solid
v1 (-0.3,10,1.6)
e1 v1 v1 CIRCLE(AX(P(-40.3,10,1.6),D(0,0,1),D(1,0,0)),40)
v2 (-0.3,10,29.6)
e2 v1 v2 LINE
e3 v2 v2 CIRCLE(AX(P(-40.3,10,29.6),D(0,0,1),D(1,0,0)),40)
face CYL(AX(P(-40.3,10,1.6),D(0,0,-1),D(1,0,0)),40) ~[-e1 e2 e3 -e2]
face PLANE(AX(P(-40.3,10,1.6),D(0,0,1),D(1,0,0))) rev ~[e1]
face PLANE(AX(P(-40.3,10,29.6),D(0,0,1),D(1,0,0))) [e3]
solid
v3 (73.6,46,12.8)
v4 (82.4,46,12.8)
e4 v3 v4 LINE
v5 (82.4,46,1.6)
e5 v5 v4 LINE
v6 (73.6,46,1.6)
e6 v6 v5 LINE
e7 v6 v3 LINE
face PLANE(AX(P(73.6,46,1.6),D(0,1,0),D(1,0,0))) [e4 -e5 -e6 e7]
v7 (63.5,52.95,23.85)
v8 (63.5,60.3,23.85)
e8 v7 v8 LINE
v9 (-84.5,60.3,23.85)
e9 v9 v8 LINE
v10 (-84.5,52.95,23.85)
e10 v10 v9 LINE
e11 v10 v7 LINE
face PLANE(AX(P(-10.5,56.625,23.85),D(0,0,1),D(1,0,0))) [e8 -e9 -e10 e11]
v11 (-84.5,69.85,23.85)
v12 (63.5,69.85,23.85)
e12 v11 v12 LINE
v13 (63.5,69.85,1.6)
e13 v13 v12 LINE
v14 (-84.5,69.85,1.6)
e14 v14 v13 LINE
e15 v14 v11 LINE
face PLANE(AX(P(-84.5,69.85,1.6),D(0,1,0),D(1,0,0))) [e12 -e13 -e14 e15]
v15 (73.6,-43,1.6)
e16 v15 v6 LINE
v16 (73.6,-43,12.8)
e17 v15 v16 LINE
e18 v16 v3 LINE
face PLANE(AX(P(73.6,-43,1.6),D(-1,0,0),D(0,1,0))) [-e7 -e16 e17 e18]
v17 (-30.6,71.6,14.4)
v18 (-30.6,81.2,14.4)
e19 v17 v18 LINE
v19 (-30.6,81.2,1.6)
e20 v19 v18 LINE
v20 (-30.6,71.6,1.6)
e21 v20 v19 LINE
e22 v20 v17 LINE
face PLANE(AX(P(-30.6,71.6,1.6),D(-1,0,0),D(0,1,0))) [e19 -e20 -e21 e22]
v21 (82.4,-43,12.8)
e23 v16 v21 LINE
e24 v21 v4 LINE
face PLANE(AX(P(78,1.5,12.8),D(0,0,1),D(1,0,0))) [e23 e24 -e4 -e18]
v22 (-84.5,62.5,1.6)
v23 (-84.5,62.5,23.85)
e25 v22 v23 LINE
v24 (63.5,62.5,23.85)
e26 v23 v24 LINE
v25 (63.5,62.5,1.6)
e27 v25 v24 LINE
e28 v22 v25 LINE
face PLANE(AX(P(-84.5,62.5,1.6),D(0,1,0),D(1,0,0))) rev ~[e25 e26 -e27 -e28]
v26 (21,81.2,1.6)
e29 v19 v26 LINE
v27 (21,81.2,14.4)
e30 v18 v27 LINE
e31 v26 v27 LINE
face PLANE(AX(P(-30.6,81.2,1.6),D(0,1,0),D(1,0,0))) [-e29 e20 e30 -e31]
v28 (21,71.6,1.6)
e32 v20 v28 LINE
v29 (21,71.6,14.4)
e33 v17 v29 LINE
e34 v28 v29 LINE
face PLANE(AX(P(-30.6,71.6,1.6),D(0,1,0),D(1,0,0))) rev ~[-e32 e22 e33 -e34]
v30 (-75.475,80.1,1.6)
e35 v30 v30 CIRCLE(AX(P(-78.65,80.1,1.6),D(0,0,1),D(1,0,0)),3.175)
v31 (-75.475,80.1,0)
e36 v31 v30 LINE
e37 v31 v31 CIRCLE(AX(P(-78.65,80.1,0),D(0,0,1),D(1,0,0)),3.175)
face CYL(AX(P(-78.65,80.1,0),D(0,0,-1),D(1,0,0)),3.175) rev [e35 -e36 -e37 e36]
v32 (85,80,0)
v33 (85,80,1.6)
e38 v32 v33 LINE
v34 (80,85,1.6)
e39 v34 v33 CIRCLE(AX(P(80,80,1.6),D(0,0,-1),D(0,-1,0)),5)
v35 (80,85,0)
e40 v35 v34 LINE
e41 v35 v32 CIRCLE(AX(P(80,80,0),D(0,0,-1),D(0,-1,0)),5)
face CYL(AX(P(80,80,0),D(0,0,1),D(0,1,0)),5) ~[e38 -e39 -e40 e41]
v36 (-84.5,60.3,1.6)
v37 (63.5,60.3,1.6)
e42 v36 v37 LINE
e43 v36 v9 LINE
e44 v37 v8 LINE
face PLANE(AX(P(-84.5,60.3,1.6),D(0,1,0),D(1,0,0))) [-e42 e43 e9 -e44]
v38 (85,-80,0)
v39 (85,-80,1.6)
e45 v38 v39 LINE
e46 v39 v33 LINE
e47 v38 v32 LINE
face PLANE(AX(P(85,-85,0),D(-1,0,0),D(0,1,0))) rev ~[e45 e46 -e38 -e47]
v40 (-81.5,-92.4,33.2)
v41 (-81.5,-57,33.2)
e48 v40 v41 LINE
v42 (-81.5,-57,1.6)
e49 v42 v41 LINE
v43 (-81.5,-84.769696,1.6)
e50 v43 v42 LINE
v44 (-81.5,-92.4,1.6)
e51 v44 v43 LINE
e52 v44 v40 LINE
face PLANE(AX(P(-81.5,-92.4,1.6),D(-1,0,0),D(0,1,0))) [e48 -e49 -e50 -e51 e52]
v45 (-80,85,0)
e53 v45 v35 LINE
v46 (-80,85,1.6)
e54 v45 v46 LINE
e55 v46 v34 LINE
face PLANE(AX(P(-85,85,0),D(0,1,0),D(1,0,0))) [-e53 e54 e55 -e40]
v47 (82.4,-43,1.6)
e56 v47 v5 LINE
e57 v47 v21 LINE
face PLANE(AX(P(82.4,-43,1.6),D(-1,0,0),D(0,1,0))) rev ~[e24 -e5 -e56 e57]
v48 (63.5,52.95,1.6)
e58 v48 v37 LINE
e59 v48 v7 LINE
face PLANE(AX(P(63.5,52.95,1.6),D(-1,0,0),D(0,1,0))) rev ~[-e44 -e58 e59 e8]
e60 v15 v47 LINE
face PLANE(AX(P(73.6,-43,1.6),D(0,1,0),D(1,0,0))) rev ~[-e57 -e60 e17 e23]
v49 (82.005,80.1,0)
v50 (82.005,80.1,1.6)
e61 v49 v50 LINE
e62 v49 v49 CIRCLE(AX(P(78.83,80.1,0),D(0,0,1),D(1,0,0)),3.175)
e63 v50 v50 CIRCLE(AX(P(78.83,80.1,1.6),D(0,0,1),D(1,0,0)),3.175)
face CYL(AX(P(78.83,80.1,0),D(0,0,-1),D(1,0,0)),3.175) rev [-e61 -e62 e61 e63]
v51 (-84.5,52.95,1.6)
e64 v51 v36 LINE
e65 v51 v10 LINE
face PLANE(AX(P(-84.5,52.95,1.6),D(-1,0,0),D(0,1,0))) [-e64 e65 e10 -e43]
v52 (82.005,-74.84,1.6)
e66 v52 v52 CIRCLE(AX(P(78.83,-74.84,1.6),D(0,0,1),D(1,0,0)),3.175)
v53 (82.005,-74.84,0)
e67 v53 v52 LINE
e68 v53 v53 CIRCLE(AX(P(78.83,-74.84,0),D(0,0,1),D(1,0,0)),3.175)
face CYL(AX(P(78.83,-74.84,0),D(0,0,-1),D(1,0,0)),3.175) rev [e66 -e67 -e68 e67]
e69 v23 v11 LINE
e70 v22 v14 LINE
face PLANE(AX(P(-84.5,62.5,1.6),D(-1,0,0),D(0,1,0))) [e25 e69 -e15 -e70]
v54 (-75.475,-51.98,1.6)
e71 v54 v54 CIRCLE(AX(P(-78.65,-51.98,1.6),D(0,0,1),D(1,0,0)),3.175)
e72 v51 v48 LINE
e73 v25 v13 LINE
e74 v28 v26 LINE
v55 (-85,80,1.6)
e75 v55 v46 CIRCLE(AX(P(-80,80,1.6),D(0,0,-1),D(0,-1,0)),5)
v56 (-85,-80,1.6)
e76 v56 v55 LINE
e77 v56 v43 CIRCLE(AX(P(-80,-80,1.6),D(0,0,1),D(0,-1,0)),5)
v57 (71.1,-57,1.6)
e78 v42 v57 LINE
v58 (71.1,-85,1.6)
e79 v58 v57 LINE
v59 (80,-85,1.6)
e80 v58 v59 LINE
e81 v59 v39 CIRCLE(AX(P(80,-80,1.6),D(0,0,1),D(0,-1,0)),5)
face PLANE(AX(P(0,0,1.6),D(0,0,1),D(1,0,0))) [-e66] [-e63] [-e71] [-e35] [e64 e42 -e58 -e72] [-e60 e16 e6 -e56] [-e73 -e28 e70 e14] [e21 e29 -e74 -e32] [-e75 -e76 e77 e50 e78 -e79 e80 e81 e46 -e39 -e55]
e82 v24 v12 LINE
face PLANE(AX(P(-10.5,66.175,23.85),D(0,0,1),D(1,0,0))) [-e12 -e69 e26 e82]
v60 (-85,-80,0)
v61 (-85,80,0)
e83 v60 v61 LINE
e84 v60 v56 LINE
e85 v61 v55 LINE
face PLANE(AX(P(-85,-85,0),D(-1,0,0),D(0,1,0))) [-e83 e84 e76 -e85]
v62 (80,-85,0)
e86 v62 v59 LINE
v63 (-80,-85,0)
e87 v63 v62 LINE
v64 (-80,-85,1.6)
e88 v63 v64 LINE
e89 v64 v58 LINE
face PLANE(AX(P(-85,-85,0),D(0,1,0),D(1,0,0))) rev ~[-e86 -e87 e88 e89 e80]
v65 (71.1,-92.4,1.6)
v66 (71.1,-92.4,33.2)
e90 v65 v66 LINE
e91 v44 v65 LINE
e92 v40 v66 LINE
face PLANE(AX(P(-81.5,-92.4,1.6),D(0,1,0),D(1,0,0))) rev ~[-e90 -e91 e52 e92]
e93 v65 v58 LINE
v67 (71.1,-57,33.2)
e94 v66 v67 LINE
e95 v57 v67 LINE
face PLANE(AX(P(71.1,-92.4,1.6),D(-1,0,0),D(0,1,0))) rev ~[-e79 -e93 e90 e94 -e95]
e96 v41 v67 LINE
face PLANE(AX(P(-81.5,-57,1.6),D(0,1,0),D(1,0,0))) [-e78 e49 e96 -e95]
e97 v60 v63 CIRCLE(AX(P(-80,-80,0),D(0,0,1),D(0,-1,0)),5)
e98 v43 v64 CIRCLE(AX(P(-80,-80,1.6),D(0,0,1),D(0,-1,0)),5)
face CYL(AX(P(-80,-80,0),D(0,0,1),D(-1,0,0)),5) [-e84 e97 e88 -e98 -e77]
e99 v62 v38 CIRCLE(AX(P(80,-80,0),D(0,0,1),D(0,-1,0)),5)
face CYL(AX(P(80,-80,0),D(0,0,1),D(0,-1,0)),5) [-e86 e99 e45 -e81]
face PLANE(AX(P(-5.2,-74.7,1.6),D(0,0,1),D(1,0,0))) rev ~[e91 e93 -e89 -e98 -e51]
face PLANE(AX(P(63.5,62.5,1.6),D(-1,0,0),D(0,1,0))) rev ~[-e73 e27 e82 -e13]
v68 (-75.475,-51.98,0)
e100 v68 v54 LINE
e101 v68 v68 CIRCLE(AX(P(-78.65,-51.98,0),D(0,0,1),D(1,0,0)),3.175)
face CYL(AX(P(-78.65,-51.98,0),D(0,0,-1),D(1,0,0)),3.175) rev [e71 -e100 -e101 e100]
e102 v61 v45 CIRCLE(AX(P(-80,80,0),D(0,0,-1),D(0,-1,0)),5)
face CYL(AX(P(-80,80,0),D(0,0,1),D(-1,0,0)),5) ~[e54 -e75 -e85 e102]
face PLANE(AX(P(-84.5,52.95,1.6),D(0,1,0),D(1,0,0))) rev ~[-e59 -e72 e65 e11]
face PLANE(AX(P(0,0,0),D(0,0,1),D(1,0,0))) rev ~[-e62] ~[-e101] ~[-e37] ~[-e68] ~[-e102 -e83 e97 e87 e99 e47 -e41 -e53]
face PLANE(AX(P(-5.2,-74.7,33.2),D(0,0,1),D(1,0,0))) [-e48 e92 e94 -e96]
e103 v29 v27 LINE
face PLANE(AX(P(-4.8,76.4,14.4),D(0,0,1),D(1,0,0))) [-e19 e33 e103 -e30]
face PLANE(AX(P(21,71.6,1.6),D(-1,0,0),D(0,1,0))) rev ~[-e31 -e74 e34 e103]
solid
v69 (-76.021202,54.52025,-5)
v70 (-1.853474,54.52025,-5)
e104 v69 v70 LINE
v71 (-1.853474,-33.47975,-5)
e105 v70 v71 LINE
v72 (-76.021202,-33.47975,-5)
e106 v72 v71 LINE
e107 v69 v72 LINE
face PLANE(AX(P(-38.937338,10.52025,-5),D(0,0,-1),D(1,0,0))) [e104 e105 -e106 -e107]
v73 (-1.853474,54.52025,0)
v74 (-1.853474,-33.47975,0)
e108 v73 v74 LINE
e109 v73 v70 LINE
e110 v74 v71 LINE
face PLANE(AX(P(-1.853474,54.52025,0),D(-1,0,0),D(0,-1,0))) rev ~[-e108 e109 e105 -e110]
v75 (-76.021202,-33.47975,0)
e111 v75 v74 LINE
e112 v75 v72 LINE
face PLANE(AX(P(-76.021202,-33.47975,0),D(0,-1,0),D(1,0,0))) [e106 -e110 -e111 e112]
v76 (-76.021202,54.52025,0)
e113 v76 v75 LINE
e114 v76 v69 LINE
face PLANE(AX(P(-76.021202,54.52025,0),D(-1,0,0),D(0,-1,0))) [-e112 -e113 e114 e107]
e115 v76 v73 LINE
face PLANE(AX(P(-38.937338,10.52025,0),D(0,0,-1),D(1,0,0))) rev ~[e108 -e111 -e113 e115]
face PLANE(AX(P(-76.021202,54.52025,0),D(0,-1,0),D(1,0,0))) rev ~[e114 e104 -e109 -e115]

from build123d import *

# Parameters (mm, degrees)
F10_W     = 170
F10_H     = 170
F10_R     = 3.175
F11_DEPTH = 1.6
F0_R      = 5
F12_R     = 40
F13_DEPTH = 28
F1_W      = 148
F1_H      = 7.35
F2_DEPTH  = 22.25
F14_W     = 152.6
F14_H     = 35.4
F3_DEPTH  = 31.6
F4_W      = 74.167728
F4_H      = 88
F5_DEPTH  = 5
F6_W      = 8.8
F6_H      = 89
F7_DEPTH  = 11.2
F8_W      = 51.6
F8_H      = 9.6
F9_DEPTH  = 12.8


with BuildPart() as f11:
    # F10 (on Top) → F11 (new body)
    with BuildSketch(Plane.XY):
        Rectangle(F10_W, F10_H)
        with Locations((-78.65, -51.98)):
            Circle(F10_R, mode=Mode.SUBTRACT)
        with Locations((78.83, -74.84)):
            Circle(F10_R, mode=Mode.SUBTRACT)
        with Locations((-78.65, 80.1)):
            Circle(F10_R, mode=Mode.SUBTRACT)
        with Locations((78.83, 80.1)):
            Circle(F10_R, mode=Mode.SUBTRACT)
    extrude(amount=F11_DEPTH)

    # F0
    f0_edges = [f11.edges().sort_by_distance(p)[0] for p in [
        (-85, 85, 0.8),
        (-85, -85, 0.8),
        (85, -85, 0.8),
        (85, 85, 0.8),
    ]]
    fillet(f0_edges, radius=F0_R)

    # F1 (on face) → F2 (join)
    with BuildSketch(Plane.XY.offset(1.6)):
        with Locations((-10.5, 56.625)):
            Rectangle(F1_W, F1_H)
        with Locations((-10.5, 66.175)):
            Rectangle(F1_W, F1_H)
    extrude(amount=F2_DEPTH)

    # F14 (on face) → F3 (join)
    with BuildSketch(Plane.XY.offset(1.6)):
        with Locations((-5.2, -74.7)):
            Rectangle(F14_W, F14_H)
    extrude(amount=F3_DEPTH)

    # F6 (on face) → F7 (join)
    with BuildSketch(Plane.XY.offset(1.6)):
        with Locations((78, 1.5)):
            Rectangle(F6_W, F6_H)
    extrude(amount=F7_DEPTH)

    # F8 (on face) → F9 (join)
    with BuildSketch(Plane.XY.offset(1.6)):
        with Locations((-4.8, 76.4)):
            Rectangle(F8_W, F8_H)
    extrude(amount=F9_DEPTH)


with BuildPart() as f13:
    # F12 (on face) → F13 (new body)
    with BuildSketch(Plane.XY.offset(1.6)):
        with Locations((-40.3, 10)):
            Circle(F12_R)
    extrude(amount=F13_DEPTH)


with BuildPart() as f5:
    # F4 (on face) → F5 (new body)
    with BuildSketch(Plane(origin=(0, 0, 0), x_dir=(1, 0, 0), z_dir=(0, 0, -1))):
        with Locations((-38.937338, -10.52025)):
            Rectangle(F4_W, F4_H)
    extrude(amount=F5_DEPTH)


solid = Compound([f11.part, f13.part, f5.part])
